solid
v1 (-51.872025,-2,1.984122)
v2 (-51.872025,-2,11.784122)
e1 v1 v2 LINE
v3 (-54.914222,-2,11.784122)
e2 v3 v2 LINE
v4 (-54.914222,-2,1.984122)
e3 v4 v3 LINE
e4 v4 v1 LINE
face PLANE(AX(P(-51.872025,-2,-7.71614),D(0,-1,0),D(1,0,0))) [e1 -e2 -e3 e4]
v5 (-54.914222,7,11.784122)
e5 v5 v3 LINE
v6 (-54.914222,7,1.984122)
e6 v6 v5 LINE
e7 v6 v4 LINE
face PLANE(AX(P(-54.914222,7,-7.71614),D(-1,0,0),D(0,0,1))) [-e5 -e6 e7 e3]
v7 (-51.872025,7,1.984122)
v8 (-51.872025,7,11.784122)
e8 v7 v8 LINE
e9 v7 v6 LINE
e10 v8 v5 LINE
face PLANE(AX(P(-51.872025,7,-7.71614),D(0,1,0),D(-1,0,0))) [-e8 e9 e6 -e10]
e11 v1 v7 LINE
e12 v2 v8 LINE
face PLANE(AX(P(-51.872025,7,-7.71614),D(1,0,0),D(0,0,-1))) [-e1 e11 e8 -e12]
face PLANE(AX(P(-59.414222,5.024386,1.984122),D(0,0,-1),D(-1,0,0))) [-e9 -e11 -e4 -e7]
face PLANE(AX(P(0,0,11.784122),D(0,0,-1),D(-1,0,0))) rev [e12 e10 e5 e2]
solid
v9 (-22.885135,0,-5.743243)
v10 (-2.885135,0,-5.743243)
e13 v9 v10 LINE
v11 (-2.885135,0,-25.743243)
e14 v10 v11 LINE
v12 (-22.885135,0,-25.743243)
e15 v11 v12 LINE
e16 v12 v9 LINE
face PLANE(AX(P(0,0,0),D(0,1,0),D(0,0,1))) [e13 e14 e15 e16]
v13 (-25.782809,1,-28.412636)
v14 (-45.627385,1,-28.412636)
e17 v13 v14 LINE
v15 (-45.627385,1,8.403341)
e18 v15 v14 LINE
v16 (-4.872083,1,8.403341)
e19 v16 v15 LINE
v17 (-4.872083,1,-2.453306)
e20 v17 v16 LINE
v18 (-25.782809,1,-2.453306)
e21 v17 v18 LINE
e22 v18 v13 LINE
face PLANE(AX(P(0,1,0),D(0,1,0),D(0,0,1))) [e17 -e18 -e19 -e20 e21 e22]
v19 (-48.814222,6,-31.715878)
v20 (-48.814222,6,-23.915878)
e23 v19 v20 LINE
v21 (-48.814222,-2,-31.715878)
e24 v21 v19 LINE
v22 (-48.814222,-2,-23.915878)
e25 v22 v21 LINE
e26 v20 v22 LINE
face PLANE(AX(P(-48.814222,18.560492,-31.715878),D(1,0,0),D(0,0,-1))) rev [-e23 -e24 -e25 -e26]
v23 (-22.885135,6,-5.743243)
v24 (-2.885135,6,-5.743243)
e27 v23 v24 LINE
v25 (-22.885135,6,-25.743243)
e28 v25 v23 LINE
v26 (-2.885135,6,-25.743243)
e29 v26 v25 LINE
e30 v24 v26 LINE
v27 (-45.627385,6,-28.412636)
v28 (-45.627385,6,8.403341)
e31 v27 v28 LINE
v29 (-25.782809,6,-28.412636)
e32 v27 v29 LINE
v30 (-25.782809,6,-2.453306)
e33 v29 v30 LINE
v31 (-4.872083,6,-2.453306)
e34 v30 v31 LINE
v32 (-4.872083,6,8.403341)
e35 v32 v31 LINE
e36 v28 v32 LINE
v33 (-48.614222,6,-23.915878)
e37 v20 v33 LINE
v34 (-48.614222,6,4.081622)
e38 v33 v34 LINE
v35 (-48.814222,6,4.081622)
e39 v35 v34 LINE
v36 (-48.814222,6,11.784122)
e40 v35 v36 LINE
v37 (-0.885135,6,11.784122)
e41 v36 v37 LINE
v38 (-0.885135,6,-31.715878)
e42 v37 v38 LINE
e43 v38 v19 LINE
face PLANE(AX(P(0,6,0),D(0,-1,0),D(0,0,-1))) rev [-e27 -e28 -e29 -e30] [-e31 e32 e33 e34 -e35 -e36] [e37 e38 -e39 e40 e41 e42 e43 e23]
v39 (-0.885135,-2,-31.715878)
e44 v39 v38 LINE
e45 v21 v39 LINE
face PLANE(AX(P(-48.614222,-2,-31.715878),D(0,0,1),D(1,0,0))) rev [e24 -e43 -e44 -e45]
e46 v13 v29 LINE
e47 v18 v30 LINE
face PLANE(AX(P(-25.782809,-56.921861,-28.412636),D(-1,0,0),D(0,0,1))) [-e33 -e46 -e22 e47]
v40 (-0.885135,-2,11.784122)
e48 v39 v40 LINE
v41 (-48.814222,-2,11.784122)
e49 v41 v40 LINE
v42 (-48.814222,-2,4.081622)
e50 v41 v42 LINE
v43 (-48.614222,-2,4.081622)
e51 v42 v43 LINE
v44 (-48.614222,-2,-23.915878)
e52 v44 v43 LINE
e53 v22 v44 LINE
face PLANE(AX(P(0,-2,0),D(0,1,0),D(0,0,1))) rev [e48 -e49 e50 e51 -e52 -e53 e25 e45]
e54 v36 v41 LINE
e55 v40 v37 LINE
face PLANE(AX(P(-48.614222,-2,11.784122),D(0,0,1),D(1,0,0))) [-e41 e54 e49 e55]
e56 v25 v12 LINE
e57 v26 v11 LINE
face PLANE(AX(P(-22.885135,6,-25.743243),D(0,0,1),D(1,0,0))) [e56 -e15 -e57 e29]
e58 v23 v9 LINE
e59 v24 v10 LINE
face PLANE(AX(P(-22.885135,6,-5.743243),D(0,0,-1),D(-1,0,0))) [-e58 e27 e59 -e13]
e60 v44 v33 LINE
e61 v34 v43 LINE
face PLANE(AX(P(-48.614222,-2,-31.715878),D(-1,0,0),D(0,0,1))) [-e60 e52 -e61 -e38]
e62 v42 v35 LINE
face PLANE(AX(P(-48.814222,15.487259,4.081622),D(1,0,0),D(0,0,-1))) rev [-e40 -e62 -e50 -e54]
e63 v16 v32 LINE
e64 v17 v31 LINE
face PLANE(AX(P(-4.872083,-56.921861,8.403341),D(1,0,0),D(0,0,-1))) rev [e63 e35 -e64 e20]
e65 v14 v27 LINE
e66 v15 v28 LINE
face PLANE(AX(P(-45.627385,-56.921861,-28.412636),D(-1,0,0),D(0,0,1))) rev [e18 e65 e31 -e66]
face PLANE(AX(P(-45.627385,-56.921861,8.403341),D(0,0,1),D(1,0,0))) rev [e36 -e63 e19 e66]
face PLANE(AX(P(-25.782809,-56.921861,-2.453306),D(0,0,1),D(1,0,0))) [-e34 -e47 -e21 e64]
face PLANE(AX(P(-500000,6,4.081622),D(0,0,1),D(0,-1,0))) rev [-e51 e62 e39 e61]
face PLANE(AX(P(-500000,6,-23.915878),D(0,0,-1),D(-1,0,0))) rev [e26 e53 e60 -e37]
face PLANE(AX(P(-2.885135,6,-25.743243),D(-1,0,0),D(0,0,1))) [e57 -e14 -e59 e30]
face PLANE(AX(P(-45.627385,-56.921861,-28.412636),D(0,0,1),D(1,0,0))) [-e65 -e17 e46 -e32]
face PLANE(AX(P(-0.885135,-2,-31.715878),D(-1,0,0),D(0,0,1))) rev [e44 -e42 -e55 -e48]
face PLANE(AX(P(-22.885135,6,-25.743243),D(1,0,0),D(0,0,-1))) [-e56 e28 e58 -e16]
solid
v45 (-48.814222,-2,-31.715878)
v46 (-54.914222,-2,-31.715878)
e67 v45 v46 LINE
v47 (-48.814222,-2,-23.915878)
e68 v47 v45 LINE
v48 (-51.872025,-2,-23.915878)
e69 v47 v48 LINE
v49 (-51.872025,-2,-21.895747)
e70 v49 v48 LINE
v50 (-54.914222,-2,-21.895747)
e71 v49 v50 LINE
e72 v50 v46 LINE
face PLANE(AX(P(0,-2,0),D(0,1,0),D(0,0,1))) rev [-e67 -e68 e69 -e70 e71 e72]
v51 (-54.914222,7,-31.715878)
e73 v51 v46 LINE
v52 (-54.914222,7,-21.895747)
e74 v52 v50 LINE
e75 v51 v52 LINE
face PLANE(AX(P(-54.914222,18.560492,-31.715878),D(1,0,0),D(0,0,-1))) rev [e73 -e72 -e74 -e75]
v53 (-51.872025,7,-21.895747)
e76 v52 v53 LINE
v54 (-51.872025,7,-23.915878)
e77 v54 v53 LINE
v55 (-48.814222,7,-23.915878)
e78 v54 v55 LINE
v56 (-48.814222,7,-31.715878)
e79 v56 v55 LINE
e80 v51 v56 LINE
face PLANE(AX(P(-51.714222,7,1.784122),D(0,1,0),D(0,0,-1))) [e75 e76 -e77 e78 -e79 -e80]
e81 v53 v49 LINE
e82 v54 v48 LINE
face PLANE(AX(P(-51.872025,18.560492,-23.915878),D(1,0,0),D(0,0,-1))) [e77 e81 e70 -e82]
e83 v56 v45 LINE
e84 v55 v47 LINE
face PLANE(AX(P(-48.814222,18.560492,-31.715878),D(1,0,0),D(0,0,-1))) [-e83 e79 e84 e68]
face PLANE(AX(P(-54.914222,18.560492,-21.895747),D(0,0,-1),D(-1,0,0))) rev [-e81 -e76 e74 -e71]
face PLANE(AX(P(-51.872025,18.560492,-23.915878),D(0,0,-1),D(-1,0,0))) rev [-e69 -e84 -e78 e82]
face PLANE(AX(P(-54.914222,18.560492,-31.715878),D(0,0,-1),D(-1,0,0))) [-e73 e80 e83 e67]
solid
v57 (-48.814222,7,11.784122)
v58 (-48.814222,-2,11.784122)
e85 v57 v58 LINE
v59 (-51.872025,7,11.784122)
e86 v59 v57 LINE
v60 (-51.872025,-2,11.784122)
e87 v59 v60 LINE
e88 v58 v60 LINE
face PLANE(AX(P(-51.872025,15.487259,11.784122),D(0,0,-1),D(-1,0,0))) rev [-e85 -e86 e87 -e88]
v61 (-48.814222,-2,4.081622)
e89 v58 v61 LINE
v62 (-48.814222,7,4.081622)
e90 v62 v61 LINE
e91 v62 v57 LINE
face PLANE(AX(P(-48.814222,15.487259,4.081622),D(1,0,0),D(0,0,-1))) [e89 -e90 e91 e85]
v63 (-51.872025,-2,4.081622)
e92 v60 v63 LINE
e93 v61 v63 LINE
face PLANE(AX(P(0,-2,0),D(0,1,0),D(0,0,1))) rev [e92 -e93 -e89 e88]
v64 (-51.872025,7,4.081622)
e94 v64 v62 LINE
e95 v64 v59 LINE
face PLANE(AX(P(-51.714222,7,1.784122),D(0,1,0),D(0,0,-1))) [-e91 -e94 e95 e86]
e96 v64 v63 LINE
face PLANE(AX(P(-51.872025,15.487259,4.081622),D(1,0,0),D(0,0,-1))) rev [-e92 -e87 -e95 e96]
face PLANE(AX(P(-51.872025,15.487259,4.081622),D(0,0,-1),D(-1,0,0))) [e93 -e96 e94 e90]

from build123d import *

# Parameters (mm, degrees)
SKETCH_1_W           = 47.7290867
SKETCH_1_H           = 43.5
EXTRUDE_1_DEPTH      = 2
SKETCH_1_4_W         = 47.7290867
SKETCH_1_4_H         = 43.5
SKETCH_1_4_W_2       = 20
SKETCH_1_4_H_2       = 20
EXTRUDE_2_DEPTH      = 6
SKETCH_6_W           = 3.057803049
SKETCH_6_H           = 7.702499636
EXTRUDE_5_DEPTH      = 1
EXTRUDE_5_DEPTH_BACK = 8
SKETCH_5_W           = 3.042196951
SKETCH_5_H           = 9
EXTRUDE_6_DEPTH      = 9.8
EXTRUDE_START        = -8
EXTRUDE_7_DEPTH      = 9
SKETCH_3_W           = 7.8
SKETCH_3_H           = 8
SKETCH_3_W_2         = 7.702499636
EXTRUDE_3_DEPTH      = 0.2
CUT_EXTRUDE_1_DEPTH  = 5


with BuildPart() as part:
    # Эскиз1 → Бобышка-Вытянуть1 (new body)
    with BuildSketch(Plane(origin=(0, 0, 0), x_dir=(1, 0, 0), z_dir=(0, 1, 0))):
        with Locations((-24.749678485, 9.965878375)):
            Rectangle(SKETCH_1_W, SKETCH_1_H)
    extrude(amount=-EXTRUDE_1_DEPTH)

    # Эскиз1<4> → Бобышка-Вытянуть2 (add)
    with BuildSketch(Plane(origin=(0, 0, 0), x_dir=(1, 0, 0), z_dir=(0, 1, 0))):
        with Locations((-24.749678485, 9.965878375)):
            Rectangle(SKETCH_1_4_W, SKETCH_1_4_H)
        with Locations((-12.885135135, 15.743243243)):
            Rectangle(SKETCH_1_4_W_2, SKETCH_1_4_H_2, mode=Mode.SUBTRACT)
    extrude(amount=EXTRUDE_2_DEPTH)

    # Эскиз3 → Бобышка-Вытянуть3 (add)
    with BuildSketch(Plane.ZY.offset(48.614221835)):
        with Locations((-27.815878375, 2)):
            Rectangle(SKETCH_3_W, SKETCH_3_H)
        with Locations((7.932871807, 2)):
            Rectangle(SKETCH_3_W_2, SKETCH_3_H)
    extrude(amount=EXTRUDE_3_DEPTH)

    # Эскиз8 → Вырез-Вытянуть1 (cut)
    with BuildSketch(Plane(origin=(0, 6, 0), x_dir=(1, 0, 0), z_dir=(0, 1, 0))):
        Polygon((-45.627384995, 28.412635597), (-25.782809099, 28.412635597), (-25.782809099, 2.453305659), (-4.872082547, 2.453305659), (-4.872082547, -8.403340898), (-25.782809099, -8.403340898), (-45.627384995, -8.403340898), align=None)
    extrude(amount=-CUT_EXTRUDE_1_DEPTH, mode=Mode.SUBTRACT)


with BuildPart() as body_2:
    # Эскиз6 → Бобышка-Вытянуть5 (new body, two sides)
    with BuildSketch(Plane(origin=(0, 6, 0), x_dir=(1, 0, 0), z_dir=(0, 1, 0))) as extrude_5_sk:
        with Locations((-50.34312336, -7.932871807)):
            Rectangle(SKETCH_6_W, SKETCH_6_H)
    extrude(amount=EXTRUDE_5_DEPTH)
    extrude(extrude_5_sk.sketch, amount=-EXTRUDE_5_DEPTH_BACK)


with BuildPart() as body_3:
    # Эскиз5 → Бобышка-Вытянуть6 (new body)
    with BuildSketch(Plane.XY.offset(11.784121625)):
        with Locations((-53.39312336, 2.5)):
            Rectangle(SKETCH_5_W, SKETCH_5_H)
    extrude(amount=-EXTRUDE_6_DEPTH)


with BuildPart() as body_4:
    # Эскиз7 → Бобышка-Вытянуть7 (new body)
    with BuildSketch(Plane(origin=(0, 6, 0), x_dir=(1, 0, 0), z_dir=(0, 1, 0)).offset(EXTRUDE_START)):
        Polygon((-54.914221835, 31.715878375), (-48.814221835, 31.715878375), (-48.814221835, 23.915878375), (-51.872024884, 23.915878375), (-51.872024884, 21.895746715), (-54.914221835, 21.895746715), (-54.914221835, 23.915878375), align=None)
    extrude(amount=EXTRUDE_7_DEPTH)


solid = Compound([part.part, body_2.part, body_3.part, body_4.part])
